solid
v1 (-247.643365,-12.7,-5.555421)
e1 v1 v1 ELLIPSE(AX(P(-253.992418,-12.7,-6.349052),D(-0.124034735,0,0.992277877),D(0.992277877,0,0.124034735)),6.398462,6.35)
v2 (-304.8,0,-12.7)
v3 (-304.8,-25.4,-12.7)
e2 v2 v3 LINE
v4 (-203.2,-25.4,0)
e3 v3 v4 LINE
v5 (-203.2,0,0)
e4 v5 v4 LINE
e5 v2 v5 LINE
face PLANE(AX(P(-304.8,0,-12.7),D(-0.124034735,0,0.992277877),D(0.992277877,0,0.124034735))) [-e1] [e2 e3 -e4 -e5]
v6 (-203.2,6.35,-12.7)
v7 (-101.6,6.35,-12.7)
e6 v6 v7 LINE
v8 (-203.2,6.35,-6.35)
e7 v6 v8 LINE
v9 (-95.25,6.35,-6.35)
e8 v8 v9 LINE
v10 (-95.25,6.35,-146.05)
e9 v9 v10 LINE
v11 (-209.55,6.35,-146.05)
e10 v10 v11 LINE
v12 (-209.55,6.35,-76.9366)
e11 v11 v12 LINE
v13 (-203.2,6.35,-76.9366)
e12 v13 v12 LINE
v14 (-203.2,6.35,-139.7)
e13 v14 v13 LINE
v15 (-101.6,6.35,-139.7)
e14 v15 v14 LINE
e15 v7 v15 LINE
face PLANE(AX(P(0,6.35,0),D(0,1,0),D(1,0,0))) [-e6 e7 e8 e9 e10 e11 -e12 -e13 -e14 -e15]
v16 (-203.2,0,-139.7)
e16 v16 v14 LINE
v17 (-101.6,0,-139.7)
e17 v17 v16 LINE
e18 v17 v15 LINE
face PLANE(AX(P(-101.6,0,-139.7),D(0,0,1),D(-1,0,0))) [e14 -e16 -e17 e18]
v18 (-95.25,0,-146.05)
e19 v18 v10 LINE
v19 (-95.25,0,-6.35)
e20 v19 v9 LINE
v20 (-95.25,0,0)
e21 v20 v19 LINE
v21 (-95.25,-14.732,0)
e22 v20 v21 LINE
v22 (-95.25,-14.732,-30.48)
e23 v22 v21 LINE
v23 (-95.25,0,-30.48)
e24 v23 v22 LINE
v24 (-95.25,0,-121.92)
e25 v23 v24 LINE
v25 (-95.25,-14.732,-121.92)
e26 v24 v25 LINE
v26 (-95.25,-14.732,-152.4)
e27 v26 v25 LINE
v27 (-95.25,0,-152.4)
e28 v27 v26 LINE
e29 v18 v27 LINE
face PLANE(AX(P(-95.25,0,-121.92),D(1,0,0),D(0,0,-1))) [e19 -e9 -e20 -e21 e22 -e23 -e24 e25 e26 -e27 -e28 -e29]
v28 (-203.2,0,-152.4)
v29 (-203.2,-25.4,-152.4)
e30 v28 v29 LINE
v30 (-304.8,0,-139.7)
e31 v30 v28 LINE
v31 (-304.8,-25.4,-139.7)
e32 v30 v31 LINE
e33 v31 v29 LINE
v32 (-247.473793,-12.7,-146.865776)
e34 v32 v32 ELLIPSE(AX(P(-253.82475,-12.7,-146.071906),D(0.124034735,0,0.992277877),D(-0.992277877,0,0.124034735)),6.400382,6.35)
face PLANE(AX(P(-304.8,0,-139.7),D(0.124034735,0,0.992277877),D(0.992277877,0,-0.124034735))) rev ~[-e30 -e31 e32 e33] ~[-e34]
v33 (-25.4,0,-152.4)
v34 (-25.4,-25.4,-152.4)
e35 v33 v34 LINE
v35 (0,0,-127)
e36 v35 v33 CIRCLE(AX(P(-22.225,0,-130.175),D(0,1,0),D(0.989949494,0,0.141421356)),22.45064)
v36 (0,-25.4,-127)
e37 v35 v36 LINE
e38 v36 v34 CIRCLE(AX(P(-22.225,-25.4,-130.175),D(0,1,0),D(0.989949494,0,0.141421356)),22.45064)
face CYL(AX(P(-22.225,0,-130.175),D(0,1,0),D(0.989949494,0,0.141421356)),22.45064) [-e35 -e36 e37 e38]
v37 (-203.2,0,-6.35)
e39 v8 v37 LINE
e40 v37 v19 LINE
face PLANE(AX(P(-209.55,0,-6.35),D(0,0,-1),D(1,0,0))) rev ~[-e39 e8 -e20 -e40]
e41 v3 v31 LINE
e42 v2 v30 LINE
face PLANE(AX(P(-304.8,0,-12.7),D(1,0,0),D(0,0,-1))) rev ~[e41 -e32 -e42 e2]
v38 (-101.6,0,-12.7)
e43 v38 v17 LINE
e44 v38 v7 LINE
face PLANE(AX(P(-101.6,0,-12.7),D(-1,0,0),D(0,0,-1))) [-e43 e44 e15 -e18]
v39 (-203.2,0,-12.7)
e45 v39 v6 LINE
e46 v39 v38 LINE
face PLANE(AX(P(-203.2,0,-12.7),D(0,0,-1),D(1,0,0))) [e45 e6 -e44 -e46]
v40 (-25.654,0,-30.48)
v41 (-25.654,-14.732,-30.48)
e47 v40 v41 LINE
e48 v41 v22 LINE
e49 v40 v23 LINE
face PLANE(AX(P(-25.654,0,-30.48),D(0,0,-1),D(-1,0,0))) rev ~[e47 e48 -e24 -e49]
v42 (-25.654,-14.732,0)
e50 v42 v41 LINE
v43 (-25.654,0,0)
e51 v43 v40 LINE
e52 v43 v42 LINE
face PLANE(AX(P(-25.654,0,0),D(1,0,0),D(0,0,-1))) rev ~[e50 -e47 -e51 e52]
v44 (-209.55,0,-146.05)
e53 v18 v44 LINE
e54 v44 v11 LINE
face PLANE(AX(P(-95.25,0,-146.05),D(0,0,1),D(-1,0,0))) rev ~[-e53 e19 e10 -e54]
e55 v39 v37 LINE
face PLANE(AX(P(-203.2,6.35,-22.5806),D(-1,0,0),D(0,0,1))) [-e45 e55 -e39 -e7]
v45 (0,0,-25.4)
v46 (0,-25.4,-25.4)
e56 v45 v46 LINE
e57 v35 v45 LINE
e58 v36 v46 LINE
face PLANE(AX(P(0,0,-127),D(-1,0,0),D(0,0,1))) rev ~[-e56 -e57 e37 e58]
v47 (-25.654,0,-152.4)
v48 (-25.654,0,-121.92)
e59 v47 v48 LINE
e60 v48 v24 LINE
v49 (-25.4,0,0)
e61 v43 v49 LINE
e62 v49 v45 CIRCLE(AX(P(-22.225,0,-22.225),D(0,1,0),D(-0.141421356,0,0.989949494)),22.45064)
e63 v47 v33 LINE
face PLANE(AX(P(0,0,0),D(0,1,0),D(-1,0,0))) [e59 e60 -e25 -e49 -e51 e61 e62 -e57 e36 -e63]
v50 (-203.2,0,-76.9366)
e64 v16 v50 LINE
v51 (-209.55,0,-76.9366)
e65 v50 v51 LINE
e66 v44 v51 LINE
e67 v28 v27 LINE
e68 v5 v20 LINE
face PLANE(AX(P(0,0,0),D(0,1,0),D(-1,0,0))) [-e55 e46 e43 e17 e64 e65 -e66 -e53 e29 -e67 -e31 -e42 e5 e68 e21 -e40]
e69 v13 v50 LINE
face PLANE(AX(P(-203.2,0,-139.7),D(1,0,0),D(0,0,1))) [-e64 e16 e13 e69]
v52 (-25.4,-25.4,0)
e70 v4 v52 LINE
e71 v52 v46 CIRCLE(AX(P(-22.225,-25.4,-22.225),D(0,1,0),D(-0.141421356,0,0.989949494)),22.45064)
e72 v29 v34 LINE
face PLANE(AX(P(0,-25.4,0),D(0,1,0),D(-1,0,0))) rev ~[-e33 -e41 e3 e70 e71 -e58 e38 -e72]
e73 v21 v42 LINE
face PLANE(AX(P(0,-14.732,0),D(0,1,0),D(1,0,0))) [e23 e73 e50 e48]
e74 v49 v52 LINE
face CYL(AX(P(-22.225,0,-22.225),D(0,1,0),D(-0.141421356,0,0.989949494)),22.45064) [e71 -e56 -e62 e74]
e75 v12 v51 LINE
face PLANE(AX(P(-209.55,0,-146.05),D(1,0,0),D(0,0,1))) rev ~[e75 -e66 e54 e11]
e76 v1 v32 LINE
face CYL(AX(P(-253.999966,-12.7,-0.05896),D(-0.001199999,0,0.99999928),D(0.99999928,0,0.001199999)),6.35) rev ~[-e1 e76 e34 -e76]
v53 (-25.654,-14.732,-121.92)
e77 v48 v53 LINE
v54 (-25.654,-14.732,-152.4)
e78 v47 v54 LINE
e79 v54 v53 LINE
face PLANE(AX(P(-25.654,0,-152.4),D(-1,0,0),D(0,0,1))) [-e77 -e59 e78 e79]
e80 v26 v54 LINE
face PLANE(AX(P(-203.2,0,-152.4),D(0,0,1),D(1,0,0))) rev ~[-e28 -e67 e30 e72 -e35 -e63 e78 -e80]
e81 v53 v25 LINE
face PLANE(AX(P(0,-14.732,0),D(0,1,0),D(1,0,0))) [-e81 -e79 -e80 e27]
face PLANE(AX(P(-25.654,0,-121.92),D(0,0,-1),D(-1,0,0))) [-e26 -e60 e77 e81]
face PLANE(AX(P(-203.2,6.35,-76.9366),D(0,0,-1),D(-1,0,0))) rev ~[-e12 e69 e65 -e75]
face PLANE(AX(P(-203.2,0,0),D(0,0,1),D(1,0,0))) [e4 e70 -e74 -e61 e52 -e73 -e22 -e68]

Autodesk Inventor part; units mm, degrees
ref_plane "YZ Plane" through (0, 0, 0) normal (1, 0, 0) x (0, 1, 0)
sketch "Sketch1" plane through (0, 0, 0) normal (0, 1, 0) x (-1, 0, 0)
  line L0 (304.8, -139.7) -> (203.2, -152.4)
  line L1 (304.8, -12.7) -> (203.2, 0)
  line L2 (304.8, -12.7) -> (304.8, -139.7)
  arc A0 (25.4, 0) -> (0, -25.4) centre (22.225, -22.225) ccw
  line L3 (203.2, 0) -> (25.4, 0)
  arc A1 (0, -127) -> (25.4, -152.4) centre (22.225, -130.175) ccw
  line L4 (203.2, -152.4) -> (25.4, -152.4)
  line L5 (0, -127) -> (0, -25.4)
  point P0 (0, 0)
  point P1 (203.2, -12.7)
  point P2 (203.2, -139.7)
  point P3 (101.6, -12.7)
  point P4 (101.6, -139.7)
  point P5 (101.6, -152.4)
  point P6 (0, -139.7)
  dimension "d8" = 12.7
  dimension "d12" = 101.6
  dimension "d13" = 127
extrude "Extrusion1" add sketch "Sketch1" against normal blind 25.4
sketch "Sketch2" plane through (0, 0, 0) normal (0, 1, 0) x (1, 0, 0)
  line L0 (-25.4, 0) -> (-203.2, 0) projected
  line L1 (-203.2, 152.4) -> (-25.4, 152.4) projected
  line L2 (-203.2, 12.7) -> (-101.6, 12.7)
  line L3 (-101.6, 12.7) -> (-101.6, 139.7)
  line L4 (-101.6, 139.7) -> (-203.2, 139.7)
  line L5 (-203.2, 139.7) -> (-203.2, 12.7)
  line L6 (-209.55, 6.35) -> (-95.25, 6.35)
  line L7 (-95.25, 6.35) -> (-95.25, 146.05)
  line L8 (-95.25, 146.05) -> (-209.55, 146.05)
  line L9 (-209.55, 146.05) -> (-209.55, 6.35)
  point P0 (0, 0)
  point P1 (-203.2, 6.35)
  dimension "d23" = 12.7
  dimension "d24" = 101.6
  dimension "d25" = 127
  dimension "d26" = 6.35
  dimension "d27" = 6.35
  dimension "d28" = 114.3
  dimension "d29" = 139.7
extrude "Extrusion2" add sketch "Sketch2" along normal blind 6.35
ref_plane "Work Plane1" through (-203.2, 0, 0) normal (-0.0012, 0, 1) x (1, 0, 0.0012)
sketch "Sketch7" plane through (-203.2, 0, 0) normal (-0.0012, 0, 1) x (1, 0, 0.0012)
  line L0 (0, 0) -> (0, -25.4) projected
  line L1 (0, -25.4) -> (-101.6158, -25.4) projected
  circle A0 centre (-50.8, -12.7) radius 6.35
  point P0 (203.1998, 0)
  dimension "d41" = 50.8
  dimension "d43" = 12.7
  dimension "d44" = 12.7
extrude "Extrusion4" cut sketch "Sketch7" against normal blind 152.4
ref_plane "Work Plane3" through (-22.225, 0, -152.6256) normal (0, 0, -1) x (-1, 0, 0)
sketch "Sketch11" plane through (0, 0, 0) normal (0, 1, 0) x (1, 0, 0)
  line L0 (-95.25, 0) -> (-25.654, 0)
  line L1 (-25.654, 0) -> (-25.654, 30.48)
  line L2 (-25.654, 30.48) -> (-95.25, 30.48)
  line L3 (-95.25, 30.48) -> (-95.25, 0)
  line L4 (-95.25, 6.35) -> (-95.25, 146.05) projected
  line L5 (-95.25, 152.4) -> (-25.654, 152.4)
  line L6 (-25.654, 152.4) -> (-25.654, 121.92)
  line L7 (-25.654, 121.92) -> (-95.25, 121.92)
  line L8 (-95.25, 121.92) -> (-95.25, 152.4)
  point P0 (0, 0)
  dimension "d59" = 69.596
  dimension "d60" = 30.48
  dimension "d61" = 69.596
  dimension "d62" = 30.48
extrude "Extrusion7" cut sketch "Sketch11" against normal blind 14.732
sketch "Sketch12" plane through (0, 6.35, 0) normal (0, 1, 0) x (1, 0, 0)
  line L0 (-203.2, 22.5806) -> (-203.2, 76.9366)
  line L1 (-203.2, 76.9366) -> (-209.55, 76.9366)
  line L2 (-209.55, 76.9366) -> (-209.55, 22.5806)
  line L3 (-209.55, 76.9366) -> (-203.2, 76.9366)
  line L4 (-203.2, 76.9366) -> (-203.2, 6.35)
  line L5 (-203.2, 6.35) -> (-209.55, 6.35)
  line L6 (-209.55, 6.35) -> (-209.55, 76.9366)
  point P0 (0, 0)
  point P1 (-203.2, 12.7)
  point P2 (-209.55, 6.35)
  point P3 (-209.55, 12.7)
  dimension "d67" = 9.8806
  dimension "d68" = 6.35
  dimension "d69" = 54.356
extrude "Extrusion9" cut sketch "Sketch12" against normal blind 6.35
properties part number "RC_Chassis"
